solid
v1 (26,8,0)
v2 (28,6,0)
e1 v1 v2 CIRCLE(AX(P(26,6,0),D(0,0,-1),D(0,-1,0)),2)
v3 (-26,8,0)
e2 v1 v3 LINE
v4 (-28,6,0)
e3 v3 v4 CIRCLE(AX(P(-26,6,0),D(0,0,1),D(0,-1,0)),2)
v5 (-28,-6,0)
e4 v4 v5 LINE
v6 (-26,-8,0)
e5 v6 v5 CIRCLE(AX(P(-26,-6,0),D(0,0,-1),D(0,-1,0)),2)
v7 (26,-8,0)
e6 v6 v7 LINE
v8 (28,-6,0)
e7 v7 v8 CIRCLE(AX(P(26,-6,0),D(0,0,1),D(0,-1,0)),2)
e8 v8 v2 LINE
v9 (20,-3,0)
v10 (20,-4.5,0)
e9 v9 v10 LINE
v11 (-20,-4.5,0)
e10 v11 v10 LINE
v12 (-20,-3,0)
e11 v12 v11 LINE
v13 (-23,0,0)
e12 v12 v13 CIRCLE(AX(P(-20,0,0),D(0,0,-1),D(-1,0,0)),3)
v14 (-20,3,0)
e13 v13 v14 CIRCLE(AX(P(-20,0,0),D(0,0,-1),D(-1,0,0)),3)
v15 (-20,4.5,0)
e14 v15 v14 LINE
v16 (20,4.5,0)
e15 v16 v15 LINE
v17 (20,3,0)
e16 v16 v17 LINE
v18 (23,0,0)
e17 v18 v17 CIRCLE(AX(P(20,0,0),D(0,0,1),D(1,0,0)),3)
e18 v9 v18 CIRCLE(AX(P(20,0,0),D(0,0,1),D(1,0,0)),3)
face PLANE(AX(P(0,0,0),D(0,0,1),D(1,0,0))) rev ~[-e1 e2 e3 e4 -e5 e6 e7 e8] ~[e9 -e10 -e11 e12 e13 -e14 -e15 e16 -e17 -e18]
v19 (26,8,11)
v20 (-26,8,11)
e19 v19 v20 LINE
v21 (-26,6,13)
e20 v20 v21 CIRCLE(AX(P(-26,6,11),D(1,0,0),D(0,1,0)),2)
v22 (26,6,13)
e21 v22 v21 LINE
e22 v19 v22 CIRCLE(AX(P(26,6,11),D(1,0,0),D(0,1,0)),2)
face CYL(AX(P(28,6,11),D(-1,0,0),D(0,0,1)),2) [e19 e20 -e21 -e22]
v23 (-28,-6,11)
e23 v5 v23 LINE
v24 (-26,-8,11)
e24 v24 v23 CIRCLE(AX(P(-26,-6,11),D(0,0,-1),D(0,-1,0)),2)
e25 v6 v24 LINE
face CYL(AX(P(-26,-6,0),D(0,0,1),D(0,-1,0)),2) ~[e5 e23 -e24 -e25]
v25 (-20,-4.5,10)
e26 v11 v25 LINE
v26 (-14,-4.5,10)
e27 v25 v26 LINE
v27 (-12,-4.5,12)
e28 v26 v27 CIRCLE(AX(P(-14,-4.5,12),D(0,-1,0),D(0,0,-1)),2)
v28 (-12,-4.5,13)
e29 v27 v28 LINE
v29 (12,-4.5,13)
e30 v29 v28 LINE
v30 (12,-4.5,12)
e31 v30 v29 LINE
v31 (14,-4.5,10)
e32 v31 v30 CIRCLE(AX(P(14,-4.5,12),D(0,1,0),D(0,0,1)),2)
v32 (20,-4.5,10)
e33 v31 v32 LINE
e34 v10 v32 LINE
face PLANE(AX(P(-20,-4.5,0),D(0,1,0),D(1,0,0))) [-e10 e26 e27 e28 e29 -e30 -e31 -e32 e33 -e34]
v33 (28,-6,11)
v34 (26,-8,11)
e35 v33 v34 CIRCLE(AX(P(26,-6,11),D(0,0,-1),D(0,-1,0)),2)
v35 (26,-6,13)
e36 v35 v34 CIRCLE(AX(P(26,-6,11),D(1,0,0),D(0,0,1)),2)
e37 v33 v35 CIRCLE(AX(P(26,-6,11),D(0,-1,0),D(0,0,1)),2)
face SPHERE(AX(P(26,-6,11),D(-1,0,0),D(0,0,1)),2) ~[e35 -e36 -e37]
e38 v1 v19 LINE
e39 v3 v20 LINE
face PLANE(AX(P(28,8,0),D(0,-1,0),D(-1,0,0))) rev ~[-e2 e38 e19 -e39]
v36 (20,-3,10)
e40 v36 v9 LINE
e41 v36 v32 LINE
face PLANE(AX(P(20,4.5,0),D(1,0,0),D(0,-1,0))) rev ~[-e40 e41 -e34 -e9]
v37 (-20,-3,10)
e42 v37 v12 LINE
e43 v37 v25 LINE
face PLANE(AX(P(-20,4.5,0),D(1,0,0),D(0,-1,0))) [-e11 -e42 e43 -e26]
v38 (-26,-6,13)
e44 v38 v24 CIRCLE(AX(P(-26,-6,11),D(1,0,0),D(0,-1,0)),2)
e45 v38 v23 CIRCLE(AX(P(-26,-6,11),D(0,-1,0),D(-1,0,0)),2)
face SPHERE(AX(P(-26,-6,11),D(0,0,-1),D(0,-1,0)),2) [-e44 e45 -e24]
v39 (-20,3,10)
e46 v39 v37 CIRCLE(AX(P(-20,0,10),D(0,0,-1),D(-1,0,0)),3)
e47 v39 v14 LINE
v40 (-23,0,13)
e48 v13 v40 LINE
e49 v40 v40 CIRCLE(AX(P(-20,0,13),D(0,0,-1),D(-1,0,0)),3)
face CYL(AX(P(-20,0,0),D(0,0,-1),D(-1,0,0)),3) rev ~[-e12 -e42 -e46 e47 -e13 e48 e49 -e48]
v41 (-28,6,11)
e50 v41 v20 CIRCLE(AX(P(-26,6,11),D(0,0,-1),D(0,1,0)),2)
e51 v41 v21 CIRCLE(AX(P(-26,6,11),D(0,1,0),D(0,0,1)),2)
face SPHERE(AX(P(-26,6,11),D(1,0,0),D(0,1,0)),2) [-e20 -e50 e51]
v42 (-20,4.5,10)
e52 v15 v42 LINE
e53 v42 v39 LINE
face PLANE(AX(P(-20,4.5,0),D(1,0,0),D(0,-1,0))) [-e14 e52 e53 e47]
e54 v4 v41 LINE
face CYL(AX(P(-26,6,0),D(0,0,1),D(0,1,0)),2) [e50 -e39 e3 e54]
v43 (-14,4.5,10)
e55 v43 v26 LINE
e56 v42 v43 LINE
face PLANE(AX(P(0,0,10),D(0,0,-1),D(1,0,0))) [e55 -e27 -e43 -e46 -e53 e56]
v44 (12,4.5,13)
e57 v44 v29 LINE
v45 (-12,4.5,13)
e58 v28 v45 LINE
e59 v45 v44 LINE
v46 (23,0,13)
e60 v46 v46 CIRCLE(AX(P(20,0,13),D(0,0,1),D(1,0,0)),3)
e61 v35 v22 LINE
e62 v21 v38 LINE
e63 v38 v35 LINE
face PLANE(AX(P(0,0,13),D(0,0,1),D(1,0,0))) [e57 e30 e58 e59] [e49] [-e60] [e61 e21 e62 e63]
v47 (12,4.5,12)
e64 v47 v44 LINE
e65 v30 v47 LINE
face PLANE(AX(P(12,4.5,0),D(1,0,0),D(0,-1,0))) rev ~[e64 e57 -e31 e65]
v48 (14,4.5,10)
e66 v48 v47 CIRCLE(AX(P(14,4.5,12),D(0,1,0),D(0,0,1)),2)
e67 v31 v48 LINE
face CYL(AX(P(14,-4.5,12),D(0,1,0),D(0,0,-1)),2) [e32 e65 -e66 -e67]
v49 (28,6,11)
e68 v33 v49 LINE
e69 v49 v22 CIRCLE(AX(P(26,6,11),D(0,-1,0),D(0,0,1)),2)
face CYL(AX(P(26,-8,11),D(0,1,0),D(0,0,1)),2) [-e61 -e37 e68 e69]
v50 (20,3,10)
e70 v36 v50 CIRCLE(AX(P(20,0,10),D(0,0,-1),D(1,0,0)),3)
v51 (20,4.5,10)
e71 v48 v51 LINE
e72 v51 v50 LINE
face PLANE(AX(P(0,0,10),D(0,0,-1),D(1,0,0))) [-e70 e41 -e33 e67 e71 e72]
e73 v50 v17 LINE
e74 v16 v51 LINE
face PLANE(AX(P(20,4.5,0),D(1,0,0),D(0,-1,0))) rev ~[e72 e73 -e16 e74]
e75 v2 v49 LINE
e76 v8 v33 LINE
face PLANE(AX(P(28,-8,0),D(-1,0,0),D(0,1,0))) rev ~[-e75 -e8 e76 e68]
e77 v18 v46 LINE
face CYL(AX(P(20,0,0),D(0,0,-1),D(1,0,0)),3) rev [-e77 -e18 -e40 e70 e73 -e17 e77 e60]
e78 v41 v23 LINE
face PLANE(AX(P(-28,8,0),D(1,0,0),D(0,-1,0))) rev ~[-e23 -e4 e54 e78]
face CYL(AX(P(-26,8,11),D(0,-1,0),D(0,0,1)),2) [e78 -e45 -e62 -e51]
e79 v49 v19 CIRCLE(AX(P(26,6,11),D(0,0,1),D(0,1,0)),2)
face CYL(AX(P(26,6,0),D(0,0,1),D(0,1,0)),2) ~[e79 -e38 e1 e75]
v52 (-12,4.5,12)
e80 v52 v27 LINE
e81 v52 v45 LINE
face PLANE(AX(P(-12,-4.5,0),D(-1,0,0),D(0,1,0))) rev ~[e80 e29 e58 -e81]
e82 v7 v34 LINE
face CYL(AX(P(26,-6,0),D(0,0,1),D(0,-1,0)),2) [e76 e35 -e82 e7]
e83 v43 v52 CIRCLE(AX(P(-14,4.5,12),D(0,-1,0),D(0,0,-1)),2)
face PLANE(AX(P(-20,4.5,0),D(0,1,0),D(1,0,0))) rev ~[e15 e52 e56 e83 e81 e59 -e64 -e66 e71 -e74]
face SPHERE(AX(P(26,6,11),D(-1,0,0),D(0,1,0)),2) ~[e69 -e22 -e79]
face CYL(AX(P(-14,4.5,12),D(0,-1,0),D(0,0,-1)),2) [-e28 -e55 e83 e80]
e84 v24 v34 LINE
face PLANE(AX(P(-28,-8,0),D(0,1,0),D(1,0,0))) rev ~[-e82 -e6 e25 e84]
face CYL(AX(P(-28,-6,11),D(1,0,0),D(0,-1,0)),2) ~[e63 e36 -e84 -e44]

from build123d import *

# Parameters (mm, degrees)
F0_R     = 3
F1_DEPTH = 13
F2_W     = 40
F2_H     = 9
F3_DEPTH = 10
F4_R     = 2


with BuildPart() as f1:
    # F0 (on Top) → F1 (new body)
    with BuildSketch(Plane.XY):
        Polygon((-28, -8), (28, -8), (28, 0), (28, 8), (0, 8), (-28, 8), (-28, 0), align=None)
        with BuildLine():
            ThreePointArc((-17, 0), (-20, -3), (-23, 0))
            ThreePointArc((-23, 0), (-20, 3), (-17, 0))
        make_face(mode=Mode.SUBTRACT)
        Polygon((-12, 4.5), (0, 4.5), (12, 4.5), (12, -4.5), (-12, -4.5), align=None, mode=Mode.SUBTRACT)
        with Locations((20, 0)):
            Circle(F0_R, mode=Mode.SUBTRACT)
    extrude(amount=F1_DEPTH)

    # F2 (on face) → F3 (cut)
    with BuildSketch(Plane(origin=(0, 0, 0), x_dir=(1, 0, 0), z_dir=(0, 0, -1))):
        Rectangle(F2_W, F2_H)
    extrude(amount=-F3_DEPTH, mode=Mode.SUBTRACT)

    # F4
    f4_edges = [f1.edges().sort_by_distance(p)[0] for p in [
        (-28, -8, 6.5),
        (0, -8, 13),
        (0, 8, 13),
        (-28, 8, 6.5),
        (-28, 0, 13),
        (28, 8, 6.5),
        (28, 0, 13),
        (28, -8, 6.5),
        (-12, 0, 10),
        (12, 0, 10),
    ]]
    fillet(f4_edges, radius=F4_R)


solid = f1.part
